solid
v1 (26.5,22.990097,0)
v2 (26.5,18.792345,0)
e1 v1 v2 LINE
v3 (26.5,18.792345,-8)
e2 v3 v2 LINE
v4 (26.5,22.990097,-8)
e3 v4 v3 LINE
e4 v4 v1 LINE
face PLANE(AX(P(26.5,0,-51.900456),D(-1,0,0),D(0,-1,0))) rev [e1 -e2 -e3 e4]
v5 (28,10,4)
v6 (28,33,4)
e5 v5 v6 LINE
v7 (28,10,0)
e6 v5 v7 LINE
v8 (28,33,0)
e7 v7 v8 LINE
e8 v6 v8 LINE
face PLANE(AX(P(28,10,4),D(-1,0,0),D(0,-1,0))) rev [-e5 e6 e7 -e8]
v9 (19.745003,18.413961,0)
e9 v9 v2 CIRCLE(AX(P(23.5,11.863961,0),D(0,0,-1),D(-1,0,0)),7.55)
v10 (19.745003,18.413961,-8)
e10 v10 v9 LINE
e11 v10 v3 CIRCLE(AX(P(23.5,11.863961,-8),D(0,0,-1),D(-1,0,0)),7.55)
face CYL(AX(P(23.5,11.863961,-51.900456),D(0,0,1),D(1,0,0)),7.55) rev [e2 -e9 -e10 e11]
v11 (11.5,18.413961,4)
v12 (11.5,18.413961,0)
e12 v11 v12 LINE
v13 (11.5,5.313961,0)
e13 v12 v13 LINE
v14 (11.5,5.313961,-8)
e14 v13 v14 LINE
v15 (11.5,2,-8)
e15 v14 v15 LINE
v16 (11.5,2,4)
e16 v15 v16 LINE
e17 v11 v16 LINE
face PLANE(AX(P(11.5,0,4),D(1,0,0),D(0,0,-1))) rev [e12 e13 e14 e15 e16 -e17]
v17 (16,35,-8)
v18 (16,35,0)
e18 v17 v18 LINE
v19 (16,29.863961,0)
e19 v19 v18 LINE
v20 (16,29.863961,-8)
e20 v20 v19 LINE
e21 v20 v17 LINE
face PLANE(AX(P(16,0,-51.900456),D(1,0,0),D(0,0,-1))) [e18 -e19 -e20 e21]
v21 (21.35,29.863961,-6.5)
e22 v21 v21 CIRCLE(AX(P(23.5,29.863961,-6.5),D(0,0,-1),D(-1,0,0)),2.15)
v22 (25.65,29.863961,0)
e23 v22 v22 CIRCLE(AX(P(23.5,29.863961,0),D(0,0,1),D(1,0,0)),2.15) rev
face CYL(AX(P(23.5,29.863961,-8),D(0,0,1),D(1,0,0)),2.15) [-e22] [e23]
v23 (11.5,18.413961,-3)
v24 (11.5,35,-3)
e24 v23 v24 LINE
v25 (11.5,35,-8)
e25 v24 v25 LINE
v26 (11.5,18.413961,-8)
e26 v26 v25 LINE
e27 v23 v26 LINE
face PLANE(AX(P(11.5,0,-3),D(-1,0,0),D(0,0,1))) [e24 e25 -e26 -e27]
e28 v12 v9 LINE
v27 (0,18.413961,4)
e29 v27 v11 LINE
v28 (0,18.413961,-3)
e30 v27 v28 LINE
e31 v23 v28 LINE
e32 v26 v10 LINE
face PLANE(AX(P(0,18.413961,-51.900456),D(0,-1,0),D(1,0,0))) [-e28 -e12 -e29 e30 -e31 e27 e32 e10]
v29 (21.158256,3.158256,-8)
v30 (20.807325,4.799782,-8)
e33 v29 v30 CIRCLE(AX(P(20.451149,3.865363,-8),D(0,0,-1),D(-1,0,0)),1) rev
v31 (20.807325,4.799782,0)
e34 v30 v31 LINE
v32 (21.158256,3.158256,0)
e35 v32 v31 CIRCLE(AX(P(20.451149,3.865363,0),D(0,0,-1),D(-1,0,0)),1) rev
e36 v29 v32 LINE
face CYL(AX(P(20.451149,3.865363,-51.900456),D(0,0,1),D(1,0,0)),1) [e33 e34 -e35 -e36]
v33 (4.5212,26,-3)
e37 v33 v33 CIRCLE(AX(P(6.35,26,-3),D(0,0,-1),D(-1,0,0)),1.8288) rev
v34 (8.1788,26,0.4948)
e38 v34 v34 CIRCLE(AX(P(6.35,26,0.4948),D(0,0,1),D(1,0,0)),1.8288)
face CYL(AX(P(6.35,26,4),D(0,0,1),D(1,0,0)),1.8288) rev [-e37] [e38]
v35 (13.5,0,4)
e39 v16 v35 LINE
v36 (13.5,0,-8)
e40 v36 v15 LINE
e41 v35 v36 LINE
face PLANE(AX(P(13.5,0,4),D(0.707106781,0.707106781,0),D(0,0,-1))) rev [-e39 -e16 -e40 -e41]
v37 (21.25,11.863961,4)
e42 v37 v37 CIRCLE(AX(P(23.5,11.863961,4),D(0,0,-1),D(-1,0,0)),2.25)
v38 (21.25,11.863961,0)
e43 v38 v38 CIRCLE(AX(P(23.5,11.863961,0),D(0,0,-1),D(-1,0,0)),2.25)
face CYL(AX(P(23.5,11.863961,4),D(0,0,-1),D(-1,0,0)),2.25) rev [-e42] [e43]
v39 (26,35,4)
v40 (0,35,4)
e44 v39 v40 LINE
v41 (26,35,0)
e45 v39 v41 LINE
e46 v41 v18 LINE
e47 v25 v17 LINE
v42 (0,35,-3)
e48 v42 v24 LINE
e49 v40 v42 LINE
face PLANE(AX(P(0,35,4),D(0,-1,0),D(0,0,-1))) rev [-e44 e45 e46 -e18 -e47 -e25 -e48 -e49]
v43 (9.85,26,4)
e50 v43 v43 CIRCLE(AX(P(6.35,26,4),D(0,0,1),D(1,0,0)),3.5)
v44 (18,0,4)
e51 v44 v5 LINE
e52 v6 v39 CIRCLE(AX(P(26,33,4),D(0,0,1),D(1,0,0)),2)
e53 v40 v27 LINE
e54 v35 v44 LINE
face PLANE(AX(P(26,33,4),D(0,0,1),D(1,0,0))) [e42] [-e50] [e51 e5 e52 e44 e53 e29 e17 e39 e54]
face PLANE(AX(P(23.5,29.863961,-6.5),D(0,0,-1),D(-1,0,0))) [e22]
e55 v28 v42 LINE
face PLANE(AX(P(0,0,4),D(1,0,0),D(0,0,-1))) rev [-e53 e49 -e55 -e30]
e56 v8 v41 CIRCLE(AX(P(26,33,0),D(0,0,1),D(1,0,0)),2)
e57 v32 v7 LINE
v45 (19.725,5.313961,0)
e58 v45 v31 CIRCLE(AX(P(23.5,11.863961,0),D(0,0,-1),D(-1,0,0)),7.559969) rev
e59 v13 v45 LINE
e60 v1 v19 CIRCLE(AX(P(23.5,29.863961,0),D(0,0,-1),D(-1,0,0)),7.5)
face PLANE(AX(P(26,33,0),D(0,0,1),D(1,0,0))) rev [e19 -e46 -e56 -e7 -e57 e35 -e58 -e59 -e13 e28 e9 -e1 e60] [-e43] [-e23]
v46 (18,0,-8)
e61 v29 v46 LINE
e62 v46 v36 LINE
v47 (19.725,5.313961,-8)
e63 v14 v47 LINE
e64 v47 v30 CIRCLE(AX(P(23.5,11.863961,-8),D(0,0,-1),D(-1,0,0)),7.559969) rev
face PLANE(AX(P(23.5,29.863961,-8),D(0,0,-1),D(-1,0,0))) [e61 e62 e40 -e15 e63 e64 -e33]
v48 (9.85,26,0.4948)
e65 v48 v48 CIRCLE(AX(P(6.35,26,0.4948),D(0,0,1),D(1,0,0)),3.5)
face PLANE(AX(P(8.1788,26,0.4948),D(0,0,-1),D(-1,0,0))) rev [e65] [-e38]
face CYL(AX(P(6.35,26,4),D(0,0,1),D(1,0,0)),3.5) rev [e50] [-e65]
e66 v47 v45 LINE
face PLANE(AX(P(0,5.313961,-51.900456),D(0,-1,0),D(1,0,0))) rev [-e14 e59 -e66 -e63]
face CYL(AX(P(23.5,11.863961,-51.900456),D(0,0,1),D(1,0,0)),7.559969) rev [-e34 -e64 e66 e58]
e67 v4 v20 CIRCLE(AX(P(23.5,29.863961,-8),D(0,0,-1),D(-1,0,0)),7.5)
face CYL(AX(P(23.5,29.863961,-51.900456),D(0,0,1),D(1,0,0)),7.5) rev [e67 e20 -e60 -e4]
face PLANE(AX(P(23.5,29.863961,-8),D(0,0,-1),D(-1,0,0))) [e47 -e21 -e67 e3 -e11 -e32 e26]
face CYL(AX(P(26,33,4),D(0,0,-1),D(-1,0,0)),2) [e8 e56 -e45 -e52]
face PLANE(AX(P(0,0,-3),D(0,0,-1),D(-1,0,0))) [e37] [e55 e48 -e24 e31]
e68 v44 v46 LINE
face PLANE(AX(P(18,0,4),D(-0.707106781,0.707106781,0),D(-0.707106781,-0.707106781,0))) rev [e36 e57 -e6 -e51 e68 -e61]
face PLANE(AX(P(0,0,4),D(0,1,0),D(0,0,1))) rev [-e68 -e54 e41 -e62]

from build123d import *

# Parameters (mm, degrees)
BOSS_EXTRUDE1_DEPTH                            = 4
SKETCH2_R                                      = 2.25
CUT_EXTRUDE1_DEPTH                             = 46
SKETCH2_3_R                                    = 2.15
BOSS_EXTRUDE2_DEPTH                            = 8
BOSS_EXTRUDE4_DEPTH                            = 8
SKETCH6_W                                      = 11.5
SKETCH6_H                                      = 18.413961031
CUT_EXTRUDE2_DEPTH                             = 47.400431032
SKETCH12_W                                     = 8
SKETCH12_H                                     = 13.1
CUT_EXTRUDE3_DEPTH                             = 40.286161686
CBORE_FOR_6_SOCKET_HEAD_CAP_SCREW1_D           = 3.6576
CBORE_FOR_6_SOCKET_HEAD_CAP_SCREW1_CBORE_D     = 7
CBORE_FOR_6_SOCKET_HEAD_CAP_SCREW1_CBORE_DEPTH = 3.5052
SKETCH13_W                                     = 11.5
SKETCH13_H                                     = 16.586038969
CUT_EXTRUDE4_DEPTH                             = 5
CHAMFER1_SIZE                                  = 2
CUT_EXTRUDE5_START                             = -1.5
SKETCH14_R                                     = 2.15
CUT_EXTRUDE5_DEPTH                             = 1.5


with BuildPart() as part:
    # Sketch1 → Boss-Extrude1 (new body)
    with BuildSketch(Plane.XY):
        with BuildLine():
            Line((18, 0), (28, 10))
            Line((28, 10), (28, 33))
            ThreePointArc((28, 33), (27.414213562, 34.414213562), (26, 35))
            Line((26, 35), (0, 35))
            Line((0, 35), (0, 0))
            Line((0, 0), (18, 0))
        make_face()
    extrude(amount=BOSS_EXTRUDE1_DEPTH)

    # Sketch2 → Cut-Extrude1 (cut, through all)
    with BuildSketch(Plane(origin=(0, 0, 0), x_dir=(-1, 0, 0), z_dir=(0, 0, -1))):
        with Locations((-23.5, 11.863961031)):
            Circle(SKETCH2_R)
    extrude(amount=-CUT_EXTRUDE1_DEPTH, mode=Mode.SUBTRACT)

    # Sketch2<3> → Boss-Extrude2 (add)
    with BuildSketch(Plane(origin=(0, 0, 0), x_dir=(-1, 0, 0), z_dir=(0, 0, -1))):
        with Locations(Location((-23.5, 29.863961031, 0), (0, 0, 180))):
            Circle(SKETCH2_3_R)
    extrude(amount=BOSS_EXTRUDE2_DEPTH)

    # Sketch2<5> → Boss-Extrude4 (add)
    with BuildSketch(Plane(origin=(0, 0, 0), x_dir=(-1, 0, 0), z_dir=(0, 0, -1))):
        with BuildLine():
            ThreePointArc((-26.5, 18.792344681), (-23.077745882, 19.402143932), (-19.745003329, 18.413961031))
            Line((-19.745003329, 18.413961031), (-15.95, 18.413961031))
            Line((-15.95, 18.413961031), (-15.95, 5.313961031))
            Line((-15.95, 5.313961031), (-19.725, 5.313961031))
            ThreePointArc((-19.725, 5.313961031), (-20.25595921, 5.035394245), (-20.807324798, 4.799782009))
            ThreePointArc((-20.807324798, 4.799782009), (-21.429052247, 4.074422526), (-21.15825613, 3.15825613))
            Line((-21.15825613, 3.15825613), (-18, 0))
            Line((-18, 0), (0, 0))
            Line((0, 0), (0, 35))
            Line((0, 35), (-16, 35))
            Line((-16, 35), (-16, 29.863961031))
            ThreePointArc((-16, 29.863961031), (-19.392080819, 23.589010832), (-26.5, 22.990097488))
            Line((-26.5, 22.990097488), (-26.5, 18.792344681))
        make_face()
    extrude(amount=BOSS_EXTRUDE4_DEPTH)

    # Sketch6 → Cut-Extrude2 (cut, through all)
    with BuildSketch(Plane(origin=(0, 0, -8), x_dir=(-1, 0, 0), z_dir=(0, 0, -1))):
        with Locations((-5.75, 9.206980515)):
            Rectangle(SKETCH6_W, SKETCH6_H)
    extrude(amount=-CUT_EXTRUDE2_DEPTH, mode=Mode.SUBTRACT)

    # Sketch12 → Cut-Extrude3 (cut, through all)
    with BuildSketch(Plane(origin=(15.95, 0, 0), x_dir=(0, 0, -1), z_dir=(1, 0, 0))):
        with Locations((4, 11.863961031)):
            Rectangle(SKETCH12_W, SKETCH12_H)
    extrude(amount=-CUT_EXTRUDE3_DEPTH, mode=Mode.SUBTRACT)

    # CBORE for #6 Socket Head Cap Screw1 (through all)
    with Locations(Plane.XY.offset(4)):
        with Locations((6.35, 26)):
            CounterBoreHole(CBORE_FOR_6_SOCKET_HEAD_CAP_SCREW1_D / 2, CBORE_FOR_6_SOCKET_HEAD_CAP_SCREW1_CBORE_D / 2, CBORE_FOR_6_SOCKET_HEAD_CAP_SCREW1_CBORE_DEPTH)

    # Sketch13 → Cut-Extrude4 (cut)
    with BuildSketch(Plane(origin=(0, 0, -8), x_dir=(-1, 0, 0), z_dir=(0, 0, -1))):
        with Locations((-5.75, 26.706980515)):
            Rectangle(SKETCH13_W, SKETCH13_H)
    extrude(amount=-CUT_EXTRUDE4_DEPTH, mode=Mode.SUBTRACT)

    # Chamfer1
    chamfer1_edges = [part.edges().sort_by_distance(p)[0] for p in [
        (11.5, 0, -2),
    ]]
    chamfer(chamfer1_edges, length=CHAMFER1_SIZE)

    # Sketch14 → Cut-Extrude5 (cut)
    with BuildSketch(Plane(origin=(0, 0, -8), x_dir=(-1, 0, 0), z_dir=(0, 0, -1)).offset(CUT_EXTRUDE5_START)):
        with Locations(Location((-23.5, 29.863961031, 0), (0, 0, 180))):
            Circle(SKETCH14_R)
    extrude(amount=CUT_EXTRUDE5_DEPTH, mode=Mode.SUBTRACT)


solid = part.part
